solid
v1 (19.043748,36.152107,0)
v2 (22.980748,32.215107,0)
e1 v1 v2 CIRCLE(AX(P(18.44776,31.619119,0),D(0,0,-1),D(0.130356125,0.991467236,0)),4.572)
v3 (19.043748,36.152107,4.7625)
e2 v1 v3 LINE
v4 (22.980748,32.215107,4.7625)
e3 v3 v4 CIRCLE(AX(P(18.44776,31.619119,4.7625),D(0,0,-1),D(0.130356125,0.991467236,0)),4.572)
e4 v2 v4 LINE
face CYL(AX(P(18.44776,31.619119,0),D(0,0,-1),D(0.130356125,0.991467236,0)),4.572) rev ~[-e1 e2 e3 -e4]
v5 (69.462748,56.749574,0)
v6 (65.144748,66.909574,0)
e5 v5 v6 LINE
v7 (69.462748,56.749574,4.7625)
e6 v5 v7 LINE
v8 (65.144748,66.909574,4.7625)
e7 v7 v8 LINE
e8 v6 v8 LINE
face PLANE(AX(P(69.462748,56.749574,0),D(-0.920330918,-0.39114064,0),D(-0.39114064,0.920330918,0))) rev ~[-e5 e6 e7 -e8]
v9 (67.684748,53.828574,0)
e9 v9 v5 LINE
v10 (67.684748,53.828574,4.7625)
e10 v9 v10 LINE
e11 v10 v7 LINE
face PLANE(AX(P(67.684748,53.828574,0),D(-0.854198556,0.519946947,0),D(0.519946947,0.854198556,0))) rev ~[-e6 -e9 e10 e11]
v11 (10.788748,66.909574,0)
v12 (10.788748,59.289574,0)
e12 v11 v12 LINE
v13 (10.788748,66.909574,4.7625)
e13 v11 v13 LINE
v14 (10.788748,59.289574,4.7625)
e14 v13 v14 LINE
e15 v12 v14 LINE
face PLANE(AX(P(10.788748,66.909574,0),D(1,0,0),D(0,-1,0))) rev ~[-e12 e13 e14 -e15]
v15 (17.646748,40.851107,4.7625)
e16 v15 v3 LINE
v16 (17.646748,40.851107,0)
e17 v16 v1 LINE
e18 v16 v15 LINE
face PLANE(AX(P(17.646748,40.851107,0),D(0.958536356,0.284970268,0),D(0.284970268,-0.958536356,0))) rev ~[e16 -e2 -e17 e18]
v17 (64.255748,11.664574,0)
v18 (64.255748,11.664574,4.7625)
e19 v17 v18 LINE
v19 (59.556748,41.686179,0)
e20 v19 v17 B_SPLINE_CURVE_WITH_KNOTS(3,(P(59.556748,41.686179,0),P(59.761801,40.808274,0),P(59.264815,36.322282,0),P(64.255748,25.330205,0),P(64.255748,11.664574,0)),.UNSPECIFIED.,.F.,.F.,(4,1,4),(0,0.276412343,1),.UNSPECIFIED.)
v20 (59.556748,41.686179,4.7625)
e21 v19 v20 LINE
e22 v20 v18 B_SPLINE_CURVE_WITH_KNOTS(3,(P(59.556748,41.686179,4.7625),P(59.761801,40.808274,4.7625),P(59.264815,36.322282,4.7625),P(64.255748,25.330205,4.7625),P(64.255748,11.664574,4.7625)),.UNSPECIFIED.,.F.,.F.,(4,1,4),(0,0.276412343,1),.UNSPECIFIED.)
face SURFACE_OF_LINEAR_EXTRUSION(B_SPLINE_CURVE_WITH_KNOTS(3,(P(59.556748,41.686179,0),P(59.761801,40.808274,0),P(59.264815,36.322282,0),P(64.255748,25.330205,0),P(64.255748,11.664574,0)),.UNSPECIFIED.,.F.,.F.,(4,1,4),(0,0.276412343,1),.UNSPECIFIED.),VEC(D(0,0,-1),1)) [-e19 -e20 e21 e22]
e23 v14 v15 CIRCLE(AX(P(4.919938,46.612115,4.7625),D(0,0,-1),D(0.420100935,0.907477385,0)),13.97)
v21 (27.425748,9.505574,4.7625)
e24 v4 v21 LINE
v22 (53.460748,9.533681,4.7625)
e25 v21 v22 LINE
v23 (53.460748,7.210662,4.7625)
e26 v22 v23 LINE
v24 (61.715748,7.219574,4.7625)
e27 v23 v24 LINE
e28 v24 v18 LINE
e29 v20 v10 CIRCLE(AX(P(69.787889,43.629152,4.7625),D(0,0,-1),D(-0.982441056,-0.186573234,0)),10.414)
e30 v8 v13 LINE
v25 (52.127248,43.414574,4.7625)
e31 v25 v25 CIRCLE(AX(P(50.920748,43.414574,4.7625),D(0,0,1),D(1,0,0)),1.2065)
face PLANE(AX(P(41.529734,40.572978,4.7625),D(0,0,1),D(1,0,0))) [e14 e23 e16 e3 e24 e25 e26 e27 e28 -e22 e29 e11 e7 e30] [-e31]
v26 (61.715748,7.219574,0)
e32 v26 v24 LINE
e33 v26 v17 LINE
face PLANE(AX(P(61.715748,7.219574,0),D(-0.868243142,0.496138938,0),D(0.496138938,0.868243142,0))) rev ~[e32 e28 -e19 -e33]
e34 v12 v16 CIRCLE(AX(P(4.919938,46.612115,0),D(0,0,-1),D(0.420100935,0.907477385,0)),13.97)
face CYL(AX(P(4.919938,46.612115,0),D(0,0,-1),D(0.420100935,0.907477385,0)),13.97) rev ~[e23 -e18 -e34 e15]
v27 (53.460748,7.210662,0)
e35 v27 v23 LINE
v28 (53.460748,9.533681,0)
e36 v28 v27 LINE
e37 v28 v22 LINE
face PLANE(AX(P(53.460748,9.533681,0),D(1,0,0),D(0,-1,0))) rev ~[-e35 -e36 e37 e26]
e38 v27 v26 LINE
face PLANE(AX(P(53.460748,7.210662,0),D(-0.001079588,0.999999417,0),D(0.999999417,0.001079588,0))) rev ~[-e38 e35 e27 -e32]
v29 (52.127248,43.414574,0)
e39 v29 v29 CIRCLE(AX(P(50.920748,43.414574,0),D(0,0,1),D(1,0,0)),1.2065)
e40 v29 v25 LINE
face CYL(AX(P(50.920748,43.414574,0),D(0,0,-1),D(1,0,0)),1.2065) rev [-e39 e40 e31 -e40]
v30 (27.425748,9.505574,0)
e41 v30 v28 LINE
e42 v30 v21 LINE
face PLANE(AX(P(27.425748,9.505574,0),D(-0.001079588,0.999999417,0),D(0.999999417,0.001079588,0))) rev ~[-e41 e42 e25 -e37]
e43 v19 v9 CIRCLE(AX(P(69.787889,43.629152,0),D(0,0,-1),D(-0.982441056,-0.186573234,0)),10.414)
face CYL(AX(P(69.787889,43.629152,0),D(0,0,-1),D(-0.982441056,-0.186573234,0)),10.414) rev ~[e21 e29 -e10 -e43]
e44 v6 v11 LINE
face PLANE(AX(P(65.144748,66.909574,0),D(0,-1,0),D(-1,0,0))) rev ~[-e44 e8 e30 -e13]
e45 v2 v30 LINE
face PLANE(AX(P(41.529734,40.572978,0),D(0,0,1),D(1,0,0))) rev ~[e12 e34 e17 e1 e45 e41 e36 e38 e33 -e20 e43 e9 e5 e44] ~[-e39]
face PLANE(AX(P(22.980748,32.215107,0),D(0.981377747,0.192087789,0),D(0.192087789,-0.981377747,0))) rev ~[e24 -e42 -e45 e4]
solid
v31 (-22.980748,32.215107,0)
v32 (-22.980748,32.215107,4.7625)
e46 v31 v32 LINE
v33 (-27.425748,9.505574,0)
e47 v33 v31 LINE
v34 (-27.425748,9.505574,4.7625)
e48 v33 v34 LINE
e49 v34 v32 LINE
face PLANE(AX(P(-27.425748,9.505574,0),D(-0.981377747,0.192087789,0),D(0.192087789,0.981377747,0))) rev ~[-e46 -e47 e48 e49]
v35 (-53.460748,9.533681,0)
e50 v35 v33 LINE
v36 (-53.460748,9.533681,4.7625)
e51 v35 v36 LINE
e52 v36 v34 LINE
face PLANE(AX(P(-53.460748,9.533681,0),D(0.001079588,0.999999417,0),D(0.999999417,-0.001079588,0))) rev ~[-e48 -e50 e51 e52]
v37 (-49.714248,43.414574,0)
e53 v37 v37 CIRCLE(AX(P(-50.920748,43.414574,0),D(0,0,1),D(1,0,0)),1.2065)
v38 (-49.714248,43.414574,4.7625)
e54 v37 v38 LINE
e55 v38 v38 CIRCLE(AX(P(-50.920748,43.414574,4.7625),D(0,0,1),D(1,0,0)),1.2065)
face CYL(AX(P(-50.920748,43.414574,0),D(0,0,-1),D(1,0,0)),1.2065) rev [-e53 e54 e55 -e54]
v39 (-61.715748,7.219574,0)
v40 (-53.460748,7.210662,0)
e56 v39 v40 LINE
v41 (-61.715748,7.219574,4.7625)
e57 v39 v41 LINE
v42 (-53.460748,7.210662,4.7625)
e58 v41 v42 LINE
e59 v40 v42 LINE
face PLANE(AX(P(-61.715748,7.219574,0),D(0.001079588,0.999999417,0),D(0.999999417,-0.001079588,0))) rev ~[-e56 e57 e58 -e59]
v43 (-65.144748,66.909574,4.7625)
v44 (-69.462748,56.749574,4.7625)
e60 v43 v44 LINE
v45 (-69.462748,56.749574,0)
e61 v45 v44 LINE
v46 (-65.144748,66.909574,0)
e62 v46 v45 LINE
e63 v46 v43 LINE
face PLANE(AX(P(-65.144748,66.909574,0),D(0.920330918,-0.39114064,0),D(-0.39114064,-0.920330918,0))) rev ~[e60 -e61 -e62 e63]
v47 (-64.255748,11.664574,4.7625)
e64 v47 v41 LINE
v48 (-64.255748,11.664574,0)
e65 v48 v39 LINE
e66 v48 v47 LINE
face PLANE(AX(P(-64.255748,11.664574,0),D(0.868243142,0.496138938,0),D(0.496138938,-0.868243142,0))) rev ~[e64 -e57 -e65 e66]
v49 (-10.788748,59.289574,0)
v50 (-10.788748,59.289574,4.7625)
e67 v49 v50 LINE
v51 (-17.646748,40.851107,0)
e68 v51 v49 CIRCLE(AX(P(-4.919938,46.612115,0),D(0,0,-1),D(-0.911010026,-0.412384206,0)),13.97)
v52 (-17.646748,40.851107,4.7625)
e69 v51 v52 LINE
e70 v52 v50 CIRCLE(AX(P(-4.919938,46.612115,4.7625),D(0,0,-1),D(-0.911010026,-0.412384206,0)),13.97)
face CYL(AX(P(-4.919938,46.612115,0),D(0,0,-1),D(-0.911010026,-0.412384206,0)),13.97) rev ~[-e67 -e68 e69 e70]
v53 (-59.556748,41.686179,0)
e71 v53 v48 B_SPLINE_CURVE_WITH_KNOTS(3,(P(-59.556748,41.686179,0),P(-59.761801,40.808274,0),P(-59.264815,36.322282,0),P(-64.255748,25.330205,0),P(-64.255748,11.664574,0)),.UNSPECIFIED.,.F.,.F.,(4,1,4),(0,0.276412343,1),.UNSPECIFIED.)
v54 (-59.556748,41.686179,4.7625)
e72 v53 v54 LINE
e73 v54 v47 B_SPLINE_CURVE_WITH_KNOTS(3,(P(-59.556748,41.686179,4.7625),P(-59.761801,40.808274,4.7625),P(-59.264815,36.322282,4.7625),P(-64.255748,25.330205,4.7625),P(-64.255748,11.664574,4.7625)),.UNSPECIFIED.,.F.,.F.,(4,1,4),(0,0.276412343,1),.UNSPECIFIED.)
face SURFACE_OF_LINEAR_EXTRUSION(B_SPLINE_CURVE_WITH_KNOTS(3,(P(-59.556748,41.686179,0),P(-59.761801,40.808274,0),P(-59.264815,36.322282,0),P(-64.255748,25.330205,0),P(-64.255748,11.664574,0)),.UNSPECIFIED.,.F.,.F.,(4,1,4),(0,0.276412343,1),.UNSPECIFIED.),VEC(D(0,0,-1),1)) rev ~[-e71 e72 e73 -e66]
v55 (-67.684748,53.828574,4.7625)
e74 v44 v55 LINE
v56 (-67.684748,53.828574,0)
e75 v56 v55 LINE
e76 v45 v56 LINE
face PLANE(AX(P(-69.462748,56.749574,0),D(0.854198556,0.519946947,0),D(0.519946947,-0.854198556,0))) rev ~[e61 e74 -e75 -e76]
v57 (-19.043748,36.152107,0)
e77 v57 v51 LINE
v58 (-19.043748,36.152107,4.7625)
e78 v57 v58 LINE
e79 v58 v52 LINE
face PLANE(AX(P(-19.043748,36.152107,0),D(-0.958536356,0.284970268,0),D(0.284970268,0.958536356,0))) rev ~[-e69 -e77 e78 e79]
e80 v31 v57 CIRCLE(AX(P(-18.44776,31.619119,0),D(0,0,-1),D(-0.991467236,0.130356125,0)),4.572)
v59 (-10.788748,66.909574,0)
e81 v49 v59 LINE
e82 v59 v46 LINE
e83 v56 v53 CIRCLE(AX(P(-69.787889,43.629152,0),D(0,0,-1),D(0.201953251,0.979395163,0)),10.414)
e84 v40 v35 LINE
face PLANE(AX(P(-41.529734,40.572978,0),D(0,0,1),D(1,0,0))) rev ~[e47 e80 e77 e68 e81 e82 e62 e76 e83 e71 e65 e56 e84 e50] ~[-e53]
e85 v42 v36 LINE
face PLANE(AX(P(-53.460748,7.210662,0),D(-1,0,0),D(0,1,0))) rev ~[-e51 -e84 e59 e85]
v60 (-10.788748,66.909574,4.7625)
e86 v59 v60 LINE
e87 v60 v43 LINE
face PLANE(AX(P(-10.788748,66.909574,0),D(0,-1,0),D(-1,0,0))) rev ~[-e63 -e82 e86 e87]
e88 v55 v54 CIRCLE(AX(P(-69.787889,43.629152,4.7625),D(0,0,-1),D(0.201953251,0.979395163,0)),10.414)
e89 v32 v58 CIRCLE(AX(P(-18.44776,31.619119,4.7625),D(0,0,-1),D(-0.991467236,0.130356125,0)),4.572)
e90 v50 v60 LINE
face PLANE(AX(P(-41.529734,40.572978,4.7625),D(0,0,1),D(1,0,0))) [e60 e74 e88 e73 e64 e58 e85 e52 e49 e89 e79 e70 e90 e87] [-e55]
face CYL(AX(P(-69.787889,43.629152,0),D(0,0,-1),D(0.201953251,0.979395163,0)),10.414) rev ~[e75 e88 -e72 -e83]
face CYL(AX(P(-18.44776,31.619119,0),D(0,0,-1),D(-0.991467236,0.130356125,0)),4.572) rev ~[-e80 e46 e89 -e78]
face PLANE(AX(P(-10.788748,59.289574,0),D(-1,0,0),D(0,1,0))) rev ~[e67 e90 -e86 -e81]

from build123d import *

# Parameters (mm, degrees)
F0_R     = 1.2065
F1_DEPTH = 4.7625
F0_R_2   = 2.3749


with BuildPart() as f1:
    # F0 (on Top) → F1 (new body)
    with BuildSketch(Plane.XY):
        with BuildLine():
            Line((61.7157477318, 7.2195736584), (64.2557477318, 11.6645736584))
            add(Edge.make_bspline(
                [(59.5567477318, 41.6861787729), (59.7618006657, 40.8082737426), (59.2648146524, 36.3222815396), (64.2557477318, 25.3302050373), (64.2557477318, 11.6645736584)],
                knots=[0, 0, 0, 0, 0.2764123435, 1, 1, 1, 1], degree=3))
            ThreePointArc((59.5567477318, 41.6861787729), (61.1338107492, 49.4221074309), (67.6847477318, 53.8285736584))
            Line((67.6847477318, 53.8285736584), (69.4627477318, 56.7495736584))
            Line((69.4627477318, 56.7495736584), (65.1447477318, 66.9095736584))
            Line((65.1447477318, 66.9095736584), (10.7887477318, 66.9095736584))
            Line((10.7887477318, 66.9095736584), (10.7887477318, 59.2895736584))
            ThreePointArc((10.7887477318, 59.2895736584), (18.0135824265, 51.4821625424), (17.6467477318, 40.8511072323))
            Line((17.6467477318, 40.8511072323), (19.0437477318, 36.1521072323))
            ThreePointArc((19.0437477318, 36.1521072323), (21.6806517311, 34.8520112316), (22.9807477318, 32.2151072323))
            Line((22.9807477318, 32.2151072323), (27.4257477318, 9.5055736584))
            Line((27.4257477318, 9.5055736584), (53.4607477318, 9.5336807392))
            Line((53.4607477318, 9.5336807392), (53.4607477318, 7.2106616572))
            Line((53.4607477318, 7.2106616572), (61.7157477318, 7.2195736584))
        make_face()
        with Locations((50.9207477318, 43.4145736584)):
            Circle(F0_R, mode=Mode.SUBTRACT)
    extrude(amount=F1_DEPTH)


with BuildPart() as f1b:
    # F0 (on Top) → F1, piece 2 (new body)
    with BuildSketch(Plane.XY):
        with BuildLine():
            Line((-10.7887477318, 66.9095736584), (-65.1447477318, 66.9095736584))
            Line((-65.1447477318, 66.9095736584), (-69.4627477318, 56.7495736584))
            Line((-69.4627477318, 56.7495736584), (-67.6847477318, 53.8285736584))
            ThreePointArc((-67.6847477318, 53.8285736584), (-61.1338107492, 49.4221074309), (-59.5567477318, 41.6861787729))
            add(Edge.make_bspline(
                [(-59.5567477318, 41.6861787729), (-59.7618006657, 40.8082737426), (-59.2648146524, 36.3222815396), (-64.2557477318, 25.3302050373), (-64.2557477318, 11.6645736584)],
                knots=[0, 0, 0, 0, 0.2764123435, 1, 1, 1, 1], degree=3))
            Line((-64.2557477318, 11.6645736584), (-61.7157477318, 7.2195736584))
            Line((-61.7157477318, 7.2195736584), (-53.4607477318, 7.2106616572))
            Line((-53.4607477318, 7.2106616572), (-53.4607477318, 9.5336807392))
            Line((-53.4607477318, 9.5336807392), (-27.4257477318, 9.5055736584))
            Line((-27.4257477318, 9.5055736584), (-22.9807477318, 32.2151072323))
            ThreePointArc((-22.9807477318, 32.2151072323), (-21.6806517311, 34.8520112316), (-19.0437477318, 36.1521072323))
            Line((-19.0437477318, 36.1521072323), (-17.6467477318, 40.8511072323))
            ThreePointArc((-17.6467477318, 40.8511072323), (-18.0135824265, 51.4821625424), (-10.7887477318, 59.2895736584))
            Line((-10.7887477318, 59.2895736584), (-10.7887477318, 66.9095736584))
        make_face()
        with Locations((-50.9207477318, 43.4145736584)):
            Circle(F0_R, mode=Mode.SUBTRACT)
        with Locations((-28.5687477318, 43.4145736584)):
            Circle(F0_R_2, mode=Mode.SUBTRACT)
        with Locations((-28.5687477318, 43.4145736584)):
            Circle(F0_R_2)
    extrude(amount=F1_DEPTH)


solid = Compound([f1.part, f1b.part])
